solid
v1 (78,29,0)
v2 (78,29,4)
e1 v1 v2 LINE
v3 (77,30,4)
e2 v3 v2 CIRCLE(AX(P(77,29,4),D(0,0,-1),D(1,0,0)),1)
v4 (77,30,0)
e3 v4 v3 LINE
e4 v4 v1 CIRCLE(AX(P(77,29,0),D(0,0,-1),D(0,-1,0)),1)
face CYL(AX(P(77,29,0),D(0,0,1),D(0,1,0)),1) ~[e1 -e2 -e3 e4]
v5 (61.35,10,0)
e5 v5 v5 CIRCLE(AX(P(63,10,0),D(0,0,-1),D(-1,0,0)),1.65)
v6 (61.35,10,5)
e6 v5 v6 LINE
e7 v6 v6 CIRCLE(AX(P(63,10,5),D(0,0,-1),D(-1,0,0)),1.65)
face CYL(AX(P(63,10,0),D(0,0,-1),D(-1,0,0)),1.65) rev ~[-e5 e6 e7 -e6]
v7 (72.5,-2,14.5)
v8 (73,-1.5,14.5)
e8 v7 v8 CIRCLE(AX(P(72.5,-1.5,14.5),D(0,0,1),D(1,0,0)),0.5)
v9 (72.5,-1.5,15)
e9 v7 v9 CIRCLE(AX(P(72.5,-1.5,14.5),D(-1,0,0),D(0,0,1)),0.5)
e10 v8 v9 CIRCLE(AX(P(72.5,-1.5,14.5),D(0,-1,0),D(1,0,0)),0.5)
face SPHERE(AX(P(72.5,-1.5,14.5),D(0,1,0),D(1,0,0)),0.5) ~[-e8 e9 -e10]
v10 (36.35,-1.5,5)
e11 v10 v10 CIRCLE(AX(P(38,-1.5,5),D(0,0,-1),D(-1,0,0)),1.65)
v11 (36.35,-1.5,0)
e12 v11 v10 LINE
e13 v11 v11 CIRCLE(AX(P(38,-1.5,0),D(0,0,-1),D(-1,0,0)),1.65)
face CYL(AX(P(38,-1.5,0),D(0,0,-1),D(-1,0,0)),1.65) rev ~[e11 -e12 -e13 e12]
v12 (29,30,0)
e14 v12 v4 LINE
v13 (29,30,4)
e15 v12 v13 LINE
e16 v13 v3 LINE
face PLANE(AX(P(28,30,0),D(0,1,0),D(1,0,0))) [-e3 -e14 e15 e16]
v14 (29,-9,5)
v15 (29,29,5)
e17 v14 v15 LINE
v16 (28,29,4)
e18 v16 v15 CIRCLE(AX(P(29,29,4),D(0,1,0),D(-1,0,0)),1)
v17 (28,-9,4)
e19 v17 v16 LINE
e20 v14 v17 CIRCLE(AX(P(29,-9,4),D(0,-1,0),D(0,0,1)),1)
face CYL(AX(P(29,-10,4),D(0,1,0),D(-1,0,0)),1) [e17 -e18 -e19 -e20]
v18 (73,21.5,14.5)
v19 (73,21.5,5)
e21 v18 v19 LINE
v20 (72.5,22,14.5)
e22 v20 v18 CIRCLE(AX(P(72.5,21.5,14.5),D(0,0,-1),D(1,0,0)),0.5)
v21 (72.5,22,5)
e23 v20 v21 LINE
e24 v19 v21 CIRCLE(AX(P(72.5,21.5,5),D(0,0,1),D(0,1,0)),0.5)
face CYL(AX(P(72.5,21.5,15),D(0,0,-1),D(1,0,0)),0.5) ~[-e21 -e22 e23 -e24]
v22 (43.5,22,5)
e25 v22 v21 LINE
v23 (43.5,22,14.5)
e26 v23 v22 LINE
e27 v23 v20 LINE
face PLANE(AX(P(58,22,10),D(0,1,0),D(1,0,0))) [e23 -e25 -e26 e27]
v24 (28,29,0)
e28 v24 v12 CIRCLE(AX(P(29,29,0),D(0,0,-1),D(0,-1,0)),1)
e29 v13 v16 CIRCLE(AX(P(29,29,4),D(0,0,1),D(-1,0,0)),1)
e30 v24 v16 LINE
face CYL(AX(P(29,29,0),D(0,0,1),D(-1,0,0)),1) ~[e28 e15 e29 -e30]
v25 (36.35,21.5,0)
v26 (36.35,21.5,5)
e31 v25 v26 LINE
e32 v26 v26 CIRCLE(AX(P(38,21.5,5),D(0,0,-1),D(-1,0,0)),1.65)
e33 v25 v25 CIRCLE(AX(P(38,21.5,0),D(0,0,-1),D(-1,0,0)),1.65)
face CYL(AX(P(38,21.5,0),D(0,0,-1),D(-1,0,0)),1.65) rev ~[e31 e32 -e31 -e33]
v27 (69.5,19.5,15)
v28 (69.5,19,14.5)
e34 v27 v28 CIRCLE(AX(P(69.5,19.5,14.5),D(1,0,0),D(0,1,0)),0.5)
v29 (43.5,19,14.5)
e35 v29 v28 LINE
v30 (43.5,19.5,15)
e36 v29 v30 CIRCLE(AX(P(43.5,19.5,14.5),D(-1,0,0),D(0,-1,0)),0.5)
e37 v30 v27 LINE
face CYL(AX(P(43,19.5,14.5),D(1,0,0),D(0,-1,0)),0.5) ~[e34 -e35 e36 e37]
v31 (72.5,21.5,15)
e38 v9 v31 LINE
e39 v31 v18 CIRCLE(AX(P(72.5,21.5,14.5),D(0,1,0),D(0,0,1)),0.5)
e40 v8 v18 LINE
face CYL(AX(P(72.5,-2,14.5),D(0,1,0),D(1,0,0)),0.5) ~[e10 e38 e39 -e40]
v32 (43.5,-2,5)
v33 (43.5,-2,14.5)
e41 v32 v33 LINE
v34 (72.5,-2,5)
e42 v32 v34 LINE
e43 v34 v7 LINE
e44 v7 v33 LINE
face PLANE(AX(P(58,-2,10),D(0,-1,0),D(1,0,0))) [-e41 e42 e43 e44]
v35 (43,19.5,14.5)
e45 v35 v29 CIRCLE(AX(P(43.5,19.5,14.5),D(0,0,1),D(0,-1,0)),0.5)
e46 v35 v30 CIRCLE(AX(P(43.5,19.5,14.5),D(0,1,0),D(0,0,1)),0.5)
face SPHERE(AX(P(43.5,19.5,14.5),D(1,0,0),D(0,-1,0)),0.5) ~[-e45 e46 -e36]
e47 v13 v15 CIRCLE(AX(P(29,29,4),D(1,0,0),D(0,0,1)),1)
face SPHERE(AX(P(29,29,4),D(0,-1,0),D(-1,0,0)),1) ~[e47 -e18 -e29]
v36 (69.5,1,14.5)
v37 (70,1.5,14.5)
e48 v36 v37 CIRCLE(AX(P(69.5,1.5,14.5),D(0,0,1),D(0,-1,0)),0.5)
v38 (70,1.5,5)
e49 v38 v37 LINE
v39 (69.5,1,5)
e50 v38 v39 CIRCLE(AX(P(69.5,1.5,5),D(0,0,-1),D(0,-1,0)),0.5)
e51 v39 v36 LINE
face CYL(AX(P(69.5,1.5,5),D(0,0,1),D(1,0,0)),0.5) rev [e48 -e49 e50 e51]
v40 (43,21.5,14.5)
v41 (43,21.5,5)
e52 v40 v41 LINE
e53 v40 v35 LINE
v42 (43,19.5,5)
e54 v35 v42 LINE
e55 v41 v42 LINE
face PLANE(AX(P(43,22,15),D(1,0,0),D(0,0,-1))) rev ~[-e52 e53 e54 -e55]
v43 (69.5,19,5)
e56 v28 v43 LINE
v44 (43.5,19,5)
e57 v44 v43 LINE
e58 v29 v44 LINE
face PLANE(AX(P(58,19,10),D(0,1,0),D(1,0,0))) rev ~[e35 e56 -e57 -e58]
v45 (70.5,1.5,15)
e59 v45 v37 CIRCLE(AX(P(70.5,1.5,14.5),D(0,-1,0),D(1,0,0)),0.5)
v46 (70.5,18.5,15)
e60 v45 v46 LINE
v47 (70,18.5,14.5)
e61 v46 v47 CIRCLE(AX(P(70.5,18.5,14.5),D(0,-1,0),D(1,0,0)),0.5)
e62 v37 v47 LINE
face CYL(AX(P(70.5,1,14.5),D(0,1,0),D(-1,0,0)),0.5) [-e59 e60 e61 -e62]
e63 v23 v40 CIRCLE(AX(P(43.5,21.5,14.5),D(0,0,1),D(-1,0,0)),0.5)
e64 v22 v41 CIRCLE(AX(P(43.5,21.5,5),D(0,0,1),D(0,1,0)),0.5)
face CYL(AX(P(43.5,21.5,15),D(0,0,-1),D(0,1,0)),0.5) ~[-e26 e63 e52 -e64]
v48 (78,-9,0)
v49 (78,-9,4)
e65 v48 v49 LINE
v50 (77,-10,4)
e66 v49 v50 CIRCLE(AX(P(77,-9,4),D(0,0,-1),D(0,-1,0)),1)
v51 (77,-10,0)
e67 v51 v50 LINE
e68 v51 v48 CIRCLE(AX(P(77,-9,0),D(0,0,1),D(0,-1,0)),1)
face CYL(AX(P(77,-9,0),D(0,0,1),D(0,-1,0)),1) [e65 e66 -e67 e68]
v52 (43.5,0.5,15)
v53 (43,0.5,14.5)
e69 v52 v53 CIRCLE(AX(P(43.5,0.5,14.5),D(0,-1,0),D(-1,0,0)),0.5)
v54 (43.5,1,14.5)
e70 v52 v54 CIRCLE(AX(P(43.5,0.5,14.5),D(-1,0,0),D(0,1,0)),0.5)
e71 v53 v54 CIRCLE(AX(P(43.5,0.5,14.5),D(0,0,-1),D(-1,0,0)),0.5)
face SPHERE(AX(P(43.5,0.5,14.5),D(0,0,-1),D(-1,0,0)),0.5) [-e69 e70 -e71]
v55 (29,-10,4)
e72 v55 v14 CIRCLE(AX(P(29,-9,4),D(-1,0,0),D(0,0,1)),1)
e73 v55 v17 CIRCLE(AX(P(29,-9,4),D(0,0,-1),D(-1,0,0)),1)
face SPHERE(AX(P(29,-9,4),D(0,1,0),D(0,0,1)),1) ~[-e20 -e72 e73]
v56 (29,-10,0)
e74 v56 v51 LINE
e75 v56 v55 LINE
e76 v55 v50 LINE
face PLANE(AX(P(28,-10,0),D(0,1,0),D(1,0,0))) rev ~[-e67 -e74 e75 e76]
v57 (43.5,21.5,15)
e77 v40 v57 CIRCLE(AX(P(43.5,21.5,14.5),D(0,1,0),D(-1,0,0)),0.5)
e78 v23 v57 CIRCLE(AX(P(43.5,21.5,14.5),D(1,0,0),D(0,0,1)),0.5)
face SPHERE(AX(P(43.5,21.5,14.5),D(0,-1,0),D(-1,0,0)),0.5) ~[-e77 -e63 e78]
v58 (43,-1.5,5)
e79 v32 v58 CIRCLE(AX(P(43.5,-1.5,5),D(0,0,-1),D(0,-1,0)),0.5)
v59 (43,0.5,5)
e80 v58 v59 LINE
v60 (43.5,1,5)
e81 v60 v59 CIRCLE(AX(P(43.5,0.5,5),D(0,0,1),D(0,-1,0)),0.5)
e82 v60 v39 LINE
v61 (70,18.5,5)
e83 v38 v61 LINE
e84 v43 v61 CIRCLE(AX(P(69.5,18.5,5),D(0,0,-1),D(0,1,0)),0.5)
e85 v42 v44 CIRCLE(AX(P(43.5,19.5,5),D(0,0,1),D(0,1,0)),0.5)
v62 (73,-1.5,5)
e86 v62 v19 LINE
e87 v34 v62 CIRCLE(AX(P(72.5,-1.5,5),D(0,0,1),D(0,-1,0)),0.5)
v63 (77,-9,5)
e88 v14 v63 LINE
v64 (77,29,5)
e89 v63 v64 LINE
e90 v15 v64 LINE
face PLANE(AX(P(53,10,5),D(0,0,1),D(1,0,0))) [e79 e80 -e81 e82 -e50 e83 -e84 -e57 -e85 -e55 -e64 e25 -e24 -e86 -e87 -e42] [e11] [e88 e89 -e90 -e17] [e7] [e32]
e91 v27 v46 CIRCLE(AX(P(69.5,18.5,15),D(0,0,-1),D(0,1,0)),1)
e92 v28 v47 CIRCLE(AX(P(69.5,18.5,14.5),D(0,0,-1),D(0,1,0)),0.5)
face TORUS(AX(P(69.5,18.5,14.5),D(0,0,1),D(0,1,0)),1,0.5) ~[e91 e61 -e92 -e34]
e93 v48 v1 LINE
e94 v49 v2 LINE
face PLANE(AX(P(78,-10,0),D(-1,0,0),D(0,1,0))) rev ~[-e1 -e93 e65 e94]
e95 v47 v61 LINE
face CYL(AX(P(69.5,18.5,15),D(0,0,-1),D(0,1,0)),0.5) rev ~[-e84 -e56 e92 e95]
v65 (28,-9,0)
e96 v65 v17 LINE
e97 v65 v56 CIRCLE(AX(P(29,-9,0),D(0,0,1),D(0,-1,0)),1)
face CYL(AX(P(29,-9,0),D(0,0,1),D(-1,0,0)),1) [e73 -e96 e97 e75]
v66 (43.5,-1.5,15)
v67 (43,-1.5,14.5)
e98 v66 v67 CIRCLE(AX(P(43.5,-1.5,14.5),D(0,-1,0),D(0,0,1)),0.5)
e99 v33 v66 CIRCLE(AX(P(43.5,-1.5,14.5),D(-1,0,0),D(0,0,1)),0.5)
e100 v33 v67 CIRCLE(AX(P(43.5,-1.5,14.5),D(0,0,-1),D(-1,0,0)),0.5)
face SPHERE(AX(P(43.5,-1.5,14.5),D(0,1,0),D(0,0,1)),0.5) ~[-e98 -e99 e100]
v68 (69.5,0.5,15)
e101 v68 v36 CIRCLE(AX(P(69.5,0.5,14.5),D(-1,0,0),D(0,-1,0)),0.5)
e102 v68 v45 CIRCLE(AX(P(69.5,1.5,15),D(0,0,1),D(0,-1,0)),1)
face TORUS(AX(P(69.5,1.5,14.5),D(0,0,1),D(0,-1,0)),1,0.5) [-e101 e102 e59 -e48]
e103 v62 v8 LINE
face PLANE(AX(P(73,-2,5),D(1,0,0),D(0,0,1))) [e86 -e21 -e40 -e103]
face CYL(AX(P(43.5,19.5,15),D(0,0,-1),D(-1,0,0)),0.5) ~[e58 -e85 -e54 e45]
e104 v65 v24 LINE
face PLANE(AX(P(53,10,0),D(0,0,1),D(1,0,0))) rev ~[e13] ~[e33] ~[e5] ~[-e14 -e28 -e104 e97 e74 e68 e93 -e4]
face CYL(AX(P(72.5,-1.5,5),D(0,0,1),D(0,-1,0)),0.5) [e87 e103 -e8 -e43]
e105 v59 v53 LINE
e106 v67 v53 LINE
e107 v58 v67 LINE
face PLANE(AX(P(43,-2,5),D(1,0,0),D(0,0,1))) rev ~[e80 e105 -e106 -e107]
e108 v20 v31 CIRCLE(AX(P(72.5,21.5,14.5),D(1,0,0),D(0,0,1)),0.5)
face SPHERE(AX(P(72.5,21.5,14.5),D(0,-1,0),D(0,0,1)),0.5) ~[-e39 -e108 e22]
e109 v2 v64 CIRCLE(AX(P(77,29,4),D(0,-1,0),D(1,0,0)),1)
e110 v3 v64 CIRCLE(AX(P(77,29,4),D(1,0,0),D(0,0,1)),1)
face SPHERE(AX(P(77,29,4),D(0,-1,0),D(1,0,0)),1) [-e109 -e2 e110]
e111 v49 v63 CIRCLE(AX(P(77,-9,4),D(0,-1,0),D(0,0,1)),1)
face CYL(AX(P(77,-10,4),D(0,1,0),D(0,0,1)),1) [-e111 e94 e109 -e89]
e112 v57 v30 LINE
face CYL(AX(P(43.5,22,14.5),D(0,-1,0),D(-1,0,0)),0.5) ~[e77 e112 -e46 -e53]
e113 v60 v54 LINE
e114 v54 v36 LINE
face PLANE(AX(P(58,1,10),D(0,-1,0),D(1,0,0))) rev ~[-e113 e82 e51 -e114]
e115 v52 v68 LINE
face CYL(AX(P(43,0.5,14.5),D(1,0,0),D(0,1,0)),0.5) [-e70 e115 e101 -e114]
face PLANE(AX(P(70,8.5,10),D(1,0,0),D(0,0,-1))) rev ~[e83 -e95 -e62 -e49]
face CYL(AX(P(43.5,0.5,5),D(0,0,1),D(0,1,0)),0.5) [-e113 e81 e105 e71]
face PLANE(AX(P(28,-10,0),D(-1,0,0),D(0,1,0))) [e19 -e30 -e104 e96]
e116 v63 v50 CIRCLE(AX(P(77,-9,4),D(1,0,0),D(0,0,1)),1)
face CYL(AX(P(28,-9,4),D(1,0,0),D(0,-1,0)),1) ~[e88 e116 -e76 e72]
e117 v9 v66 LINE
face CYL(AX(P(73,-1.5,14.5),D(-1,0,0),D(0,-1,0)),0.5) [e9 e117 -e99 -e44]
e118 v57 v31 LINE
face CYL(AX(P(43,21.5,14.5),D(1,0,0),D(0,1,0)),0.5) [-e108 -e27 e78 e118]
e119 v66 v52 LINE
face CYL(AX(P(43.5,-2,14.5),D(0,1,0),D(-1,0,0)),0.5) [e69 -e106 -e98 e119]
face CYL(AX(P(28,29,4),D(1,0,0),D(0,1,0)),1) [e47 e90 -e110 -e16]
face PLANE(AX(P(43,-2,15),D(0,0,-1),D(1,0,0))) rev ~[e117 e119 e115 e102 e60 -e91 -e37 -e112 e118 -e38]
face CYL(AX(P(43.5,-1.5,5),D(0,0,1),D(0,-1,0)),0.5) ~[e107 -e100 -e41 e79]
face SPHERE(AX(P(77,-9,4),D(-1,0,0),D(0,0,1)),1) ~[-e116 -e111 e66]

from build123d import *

# Parameters (mm, degrees)
SKETCH_2_W          = 50
SKETCH_2_H          = 40
EXTRUDE_1_DEPTH     = 5
EXTRUDE_START       = -8
SKETCH_5_W          = 30
SKETCH_5_H          = 10
EXTRUDE_2_DEPTH     = 3
SKETCH_6_W          = 30
SKETCH_6_H          = 10
EXTRUDE_3_DEPTH     = 3
CUT_EXTRUDE_1_REACH = 86.906
SKETCH_7_R          = 1.65
FILLET_3_R          = 1
SKETCH_8_W          = 10
SKETCH_8_H          = 21
EXTRUDE_4_DEPTH     = 3
FILLET_4_R          = 0.5


with BuildPart() as part:
    # 草图2 → 凸台-拉伸1 (new body)
    with BuildSketch(Plane.XY):
        with Locations((53, 10)):
            Rectangle(SKETCH_2_W, SKETCH_2_H)
    extrude(amount=EXTRUDE_1_DEPTH)

    # 草图5 → 凸台-拉伸2 (add)
    with BuildSketch(Plane.XZ.offset(10).offset(EXTRUDE_START)):
        with Locations((58, 10)):
            Rectangle(SKETCH_5_W, SKETCH_5_H)
    extrude(amount=-EXTRUDE_2_DEPTH)

    # 草图6 → 凸台-拉伸3 (add)
    with BuildSketch(Plane(origin=(0, 30, 0), x_dir=(1, 0, 0), z_dir=(0, 1, 0)).offset(EXTRUDE_START)):
        with Locations((58, -10)):
            Rectangle(SKETCH_6_W, SKETCH_6_H)
    extrude(amount=-EXTRUDE_3_DEPTH)

    # 草图7 → 切除-拉伸1 (cut, up to next)
    with BuildSketch(Plane(origin=(0, 0, 0), x_dir=(-1, 0, 0), z_dir=(0, 0, -1)), mode=Mode.PRIVATE) as cut_extrude_1_sk1:
        with Locations((-63, 10)):
            Circle(SKETCH_7_R)
    cut_extrude_1_tool1 = extrude(cut_extrude_1_sk1.sketch, amount=-CUT_EXTRUDE_1_REACH, mode=Mode.PRIVATE) & part.part
    # 草图7 → 切除-拉伸1 (cut, up to next)
    with BuildSketch(Plane(origin=(0, 0, 0), x_dir=(-1, 0, 0), z_dir=(0, 0, -1)), mode=Mode.PRIVATE) as cut_extrude_1_sk2:
        with Locations((-38, -1.5)):
            Circle(SKETCH_7_R)
    cut_extrude_1_tool2 = extrude(cut_extrude_1_sk2.sketch, amount=-CUT_EXTRUDE_1_REACH, mode=Mode.PRIVATE) & part.part
    # 草图7 → 切除-拉伸1 (cut, up to next)
    with BuildSketch(Plane(origin=(0, 0, 0), x_dir=(-1, 0, 0), z_dir=(0, 0, -1)), mode=Mode.PRIVATE) as cut_extrude_1_sk3:
        with Locations((-38, 21.5)):
            Circle(SKETCH_7_R)
    cut_extrude_1_tool3 = extrude(cut_extrude_1_sk3.sketch, amount=-CUT_EXTRUDE_1_REACH, mode=Mode.PRIVATE) & part.part
    add(cut_extrude_1_tool1.solids().sort_by_distance((63, 10, 0))[0], mode=Mode.SUBTRACT)
    add(cut_extrude_1_tool2.solids().sort_by_distance((38, -1.5, 0))[0], mode=Mode.SUBTRACT)
    add(cut_extrude_1_tool3.solids().sort_by_distance((38, 21.5, 0))[0], mode=Mode.SUBTRACT)

    # 圆角3
    fillet_3_edges = [part.edges().sort_by_distance(p)[0] for p in [
        (28, 10, 5),
        (53, -10, 5),
        (78, 10, 5),
        (78, -10, 2.5),
        (28, -10, 2.5),
        (28, 30, 2.5),
        (78, 30, 2.5),
        (53, 30, 5),
    ]]
    fillet(fillet_3_edges, radius=FILLET_3_R)

    # 草图8 → 凸台-拉伸4 (add)
    with BuildSketch(Plane(origin=(73, 0, 0), x_dir=(0, 0, -1), z_dir=(1, 0, 0))):
        with Locations((-10, 8.5)):
            Rectangle(SKETCH_8_W, SKETCH_8_H)
    extrude(amount=-EXTRUDE_4_DEPTH)

    # 圆角4
    fillet_4_edges = [part.edges().sort_by_distance(p)[0] for p in [
        (43, 1, 10),
        (43, -0.5, 15),
        (73, 10, 15),
        (73, -2, 10),
        (58, -2, 15),
        (43, -2, 10),
        (56.5, 19, 15),
        (43, 19, 10),
        (43, 20.5, 15),
        (43, 22, 10),
        (58, 22, 15),
        (73, 22, 10),
        (56.5, 1, 15),
        (70, 10, 15),
        (70, 1, 10),
        (70, 19, 10),
    ]]
    fillet(fillet_4_edges, radius=FILLET_4_R)


solid = part.part
